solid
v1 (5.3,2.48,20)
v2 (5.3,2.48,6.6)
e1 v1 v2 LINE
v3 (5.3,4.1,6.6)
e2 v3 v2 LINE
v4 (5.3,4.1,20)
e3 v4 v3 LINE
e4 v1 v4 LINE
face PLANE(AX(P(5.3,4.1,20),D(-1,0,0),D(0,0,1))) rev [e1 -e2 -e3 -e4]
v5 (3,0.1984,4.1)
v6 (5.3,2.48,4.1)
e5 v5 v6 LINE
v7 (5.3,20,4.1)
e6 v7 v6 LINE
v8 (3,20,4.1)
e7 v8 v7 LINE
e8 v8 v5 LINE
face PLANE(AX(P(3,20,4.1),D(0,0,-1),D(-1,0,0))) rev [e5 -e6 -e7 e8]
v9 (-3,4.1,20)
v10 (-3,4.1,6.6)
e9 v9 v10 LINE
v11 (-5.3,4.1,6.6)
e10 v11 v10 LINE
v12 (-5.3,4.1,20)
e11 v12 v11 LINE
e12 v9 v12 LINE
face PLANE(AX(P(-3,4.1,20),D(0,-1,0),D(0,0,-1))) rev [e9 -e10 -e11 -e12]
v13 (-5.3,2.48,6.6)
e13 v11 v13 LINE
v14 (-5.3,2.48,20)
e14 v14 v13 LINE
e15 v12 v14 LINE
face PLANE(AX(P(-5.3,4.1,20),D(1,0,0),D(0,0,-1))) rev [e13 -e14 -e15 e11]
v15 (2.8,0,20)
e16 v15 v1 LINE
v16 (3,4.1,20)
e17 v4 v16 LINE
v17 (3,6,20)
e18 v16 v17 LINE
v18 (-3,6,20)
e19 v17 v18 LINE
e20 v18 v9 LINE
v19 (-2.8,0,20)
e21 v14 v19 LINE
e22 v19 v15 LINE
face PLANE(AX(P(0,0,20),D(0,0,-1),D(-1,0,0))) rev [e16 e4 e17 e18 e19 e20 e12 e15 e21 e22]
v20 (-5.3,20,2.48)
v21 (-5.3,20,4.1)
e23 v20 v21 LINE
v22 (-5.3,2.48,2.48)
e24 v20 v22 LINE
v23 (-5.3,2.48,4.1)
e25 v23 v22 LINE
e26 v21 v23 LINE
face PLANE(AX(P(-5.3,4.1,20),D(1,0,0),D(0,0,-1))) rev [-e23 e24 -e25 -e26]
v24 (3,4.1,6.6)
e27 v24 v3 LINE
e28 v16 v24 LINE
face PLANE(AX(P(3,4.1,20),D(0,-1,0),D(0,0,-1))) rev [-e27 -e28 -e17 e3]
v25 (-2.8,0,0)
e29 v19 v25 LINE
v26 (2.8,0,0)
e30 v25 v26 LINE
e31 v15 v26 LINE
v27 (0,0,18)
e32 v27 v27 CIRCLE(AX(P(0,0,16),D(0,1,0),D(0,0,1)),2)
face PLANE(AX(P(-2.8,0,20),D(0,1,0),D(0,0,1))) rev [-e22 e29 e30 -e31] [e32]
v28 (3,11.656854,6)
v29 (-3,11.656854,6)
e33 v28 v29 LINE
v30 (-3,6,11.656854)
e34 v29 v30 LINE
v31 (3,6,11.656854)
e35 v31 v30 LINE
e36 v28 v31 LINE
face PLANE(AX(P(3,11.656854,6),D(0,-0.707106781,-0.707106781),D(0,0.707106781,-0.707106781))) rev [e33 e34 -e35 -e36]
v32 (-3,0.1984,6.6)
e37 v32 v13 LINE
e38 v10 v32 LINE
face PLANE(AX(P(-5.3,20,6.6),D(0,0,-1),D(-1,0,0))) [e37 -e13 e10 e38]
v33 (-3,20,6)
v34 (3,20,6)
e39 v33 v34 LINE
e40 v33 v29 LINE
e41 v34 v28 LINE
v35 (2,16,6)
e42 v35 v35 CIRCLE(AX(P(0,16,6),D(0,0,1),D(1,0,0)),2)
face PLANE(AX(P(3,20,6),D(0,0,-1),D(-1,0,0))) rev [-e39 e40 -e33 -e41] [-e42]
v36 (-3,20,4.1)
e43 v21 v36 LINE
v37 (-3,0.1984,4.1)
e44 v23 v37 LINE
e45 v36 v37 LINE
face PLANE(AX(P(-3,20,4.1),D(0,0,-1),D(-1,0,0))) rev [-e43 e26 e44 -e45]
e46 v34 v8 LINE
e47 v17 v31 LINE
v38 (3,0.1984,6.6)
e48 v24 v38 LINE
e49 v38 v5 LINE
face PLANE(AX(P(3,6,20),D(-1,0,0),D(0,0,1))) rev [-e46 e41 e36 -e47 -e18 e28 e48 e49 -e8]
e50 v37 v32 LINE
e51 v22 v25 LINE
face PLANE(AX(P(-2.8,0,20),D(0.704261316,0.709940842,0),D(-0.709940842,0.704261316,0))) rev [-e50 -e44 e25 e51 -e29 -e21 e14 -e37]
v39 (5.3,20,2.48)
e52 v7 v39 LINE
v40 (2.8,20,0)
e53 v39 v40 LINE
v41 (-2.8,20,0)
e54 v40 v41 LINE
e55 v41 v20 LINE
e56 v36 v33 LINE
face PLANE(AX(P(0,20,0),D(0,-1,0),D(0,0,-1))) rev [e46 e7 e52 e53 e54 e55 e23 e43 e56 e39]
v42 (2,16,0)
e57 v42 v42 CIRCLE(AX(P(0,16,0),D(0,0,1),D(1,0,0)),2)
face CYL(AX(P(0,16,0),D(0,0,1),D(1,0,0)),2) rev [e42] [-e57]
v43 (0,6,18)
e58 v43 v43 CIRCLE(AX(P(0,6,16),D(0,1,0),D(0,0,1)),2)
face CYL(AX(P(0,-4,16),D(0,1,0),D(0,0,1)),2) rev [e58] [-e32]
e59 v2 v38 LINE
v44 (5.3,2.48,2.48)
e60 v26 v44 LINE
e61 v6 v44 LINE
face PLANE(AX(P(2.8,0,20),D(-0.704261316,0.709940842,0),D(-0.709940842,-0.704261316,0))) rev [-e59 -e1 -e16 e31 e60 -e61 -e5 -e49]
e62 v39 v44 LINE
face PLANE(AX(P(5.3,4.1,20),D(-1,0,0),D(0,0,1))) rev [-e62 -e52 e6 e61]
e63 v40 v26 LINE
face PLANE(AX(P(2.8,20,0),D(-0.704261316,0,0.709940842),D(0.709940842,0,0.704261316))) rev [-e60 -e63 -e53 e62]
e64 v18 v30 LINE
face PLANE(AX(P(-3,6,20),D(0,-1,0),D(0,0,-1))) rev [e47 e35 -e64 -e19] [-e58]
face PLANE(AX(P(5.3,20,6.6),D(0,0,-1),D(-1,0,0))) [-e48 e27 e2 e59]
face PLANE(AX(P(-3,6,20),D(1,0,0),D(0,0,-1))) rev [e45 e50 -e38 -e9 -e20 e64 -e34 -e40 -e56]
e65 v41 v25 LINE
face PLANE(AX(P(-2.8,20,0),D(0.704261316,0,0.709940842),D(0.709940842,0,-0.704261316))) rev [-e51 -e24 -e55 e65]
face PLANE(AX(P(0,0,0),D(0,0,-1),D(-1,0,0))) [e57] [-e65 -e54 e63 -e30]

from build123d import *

# Parameters (mm, degrees)
BOSS_EXTRUDE1_DEPTH     = 20
BOSS_EXTRUDE2_DEPTH     = 20
CUT_EXTRUDE3_DEPTH      = 29.776552955
CUT_EXTRUDE3_DEPTH_BACK = 29.776552955
CUT_EXTRUDE4_DEPTH      = 29.776552955
BOSS_EXTRUDE3_DEPTH     = 3
CUT_EXTRUDE5_DEPTH      = 29.776552955
SKETCH11_R              = 2
CUT_EXTRUDE6_DEPTH      = 25.98179337
SKETCH12_R              = 2
CUT_EXTRUDE7_DEPTH      = 10


with BuildPart() as part:
    # Sketch1 → Boss-Extrude1 (new body)
    with BuildSketch(Plane.XY):
        Polygon((-3, 6), (3, 6), (3, 4.1), (5.3, 4.1), (5.3, 2.48), (2.8, 0), (-2.8, 0), (-5.3, 2.48), (-5.3, 4.1), (-3, 4.1), align=None)
    extrude(amount=BOSS_EXTRUDE1_DEPTH)

    # Sketch2 → Boss-Extrude2 (add)
    with BuildSketch(Plane(origin=(-0.009718496, 0, -0.066979448), x_dir=(-1, 0, 0), z_dir=(0, 1, 0))):
        Polygon((-3.009718496, 6.066979448), (2.990281504, 6.066979448), (2.990281504, 4.166979448), (5.290281504, 4.166979448), (5.290281504, 2.546979448), (2.790281504, 0.066979448), (-2.809718496, 0.066979448), (-5.309718496, 2.546979448), (-5.309718496, 4.166979448), (-3.009718496, 4.166979448), align=None)
    extrude(amount=BOSS_EXTRUDE2_DEPTH)

    # Sketch3 → Cut-Extrude3 (cut, two sides: drawn at the far end of the back side and taken through both)
    with BuildSketch(Plane(origin=(0, 0, 0), x_dir=(1, 0, 0), z_dir=(0, 1, 0)).offset(-CUT_EXTRUDE3_DEPTH_BACK)):
        Polygon((-2.8, 0), (-5.3, -2.48), (-5.3, 0), align=None)
        Polygon((5.3, -2.48), (5.3, 0), (2.8, 0), align=None)
    extrude(amount=CUT_EXTRUDE3_DEPTH + CUT_EXTRUDE3_DEPTH_BACK, mode=Mode.SUBTRACT)

    # Sketch4 → Cut-Extrude4 (cut, through all)
    with BuildSketch(Plane.XY):
        Polygon((2.8, 0), (3, 0), (5.3, 0), (5.3, 2.48), align=None)
        Polygon((-5.3, 2.48), (-5.3, 0), (-3, 0), (-2.8, 0), align=None)
    extrude(amount=CUT_EXTRUDE4_DEPTH, mode=Mode.SUBTRACT)

    # Sketch5 → Boss-Extrude3 (add, symmetric)
    with BuildSketch(Plane(origin=(0, 0, 0), x_dir=(0, 0, -1), z_dir=(1, 0, 0))):
        Polygon((-11.656854249, 6), (-6, 6), (-6, 11.656854249), align=None)
    extrude(amount=BOSS_EXTRUDE3_DEPTH, both=True)

    # Sketch10 → Cut-Extrude5 (cut, through all)
    with BuildSketch(Plane(origin=(0, 0, 0), x_dir=(1, 0, 0), z_dir=(0, 1, 0))):
        Polygon((-5.3, -4.1), (-3, -4.1), (-3, -6), (-3, -6.6), (-5.3, -6.6), align=None)
        Polygon((3, -6), (3, -4.1), (5.3, -4.1), (5.3, -6.6), (3, -6.6), align=None)
    extrude(amount=CUT_EXTRUDE5_DEPTH, mode=Mode.SUBTRACT)

    # Sketch11 → Cut-Extrude6 (cut, through all)
    with BuildSketch(Plane.XY.offset(6)):
        with Locations((0, 16)):
            Circle(SKETCH11_R)
    extrude(amount=-CUT_EXTRUDE6_DEPTH, mode=Mode.SUBTRACT)

    # Sketch12 → Cut-Extrude7 (cut)
    with BuildSketch(Plane(origin=(0, 6, 0), x_dir=(1, 0, 0), z_dir=(0, 1, 0))):
        with Locations(Location((0, -16, 0), (0, 0, 270))):
            Circle(SKETCH12_R)
    extrude(amount=-CUT_EXTRUDE7_DEPTH, mode=Mode.SUBTRACT)


solid = part.part
